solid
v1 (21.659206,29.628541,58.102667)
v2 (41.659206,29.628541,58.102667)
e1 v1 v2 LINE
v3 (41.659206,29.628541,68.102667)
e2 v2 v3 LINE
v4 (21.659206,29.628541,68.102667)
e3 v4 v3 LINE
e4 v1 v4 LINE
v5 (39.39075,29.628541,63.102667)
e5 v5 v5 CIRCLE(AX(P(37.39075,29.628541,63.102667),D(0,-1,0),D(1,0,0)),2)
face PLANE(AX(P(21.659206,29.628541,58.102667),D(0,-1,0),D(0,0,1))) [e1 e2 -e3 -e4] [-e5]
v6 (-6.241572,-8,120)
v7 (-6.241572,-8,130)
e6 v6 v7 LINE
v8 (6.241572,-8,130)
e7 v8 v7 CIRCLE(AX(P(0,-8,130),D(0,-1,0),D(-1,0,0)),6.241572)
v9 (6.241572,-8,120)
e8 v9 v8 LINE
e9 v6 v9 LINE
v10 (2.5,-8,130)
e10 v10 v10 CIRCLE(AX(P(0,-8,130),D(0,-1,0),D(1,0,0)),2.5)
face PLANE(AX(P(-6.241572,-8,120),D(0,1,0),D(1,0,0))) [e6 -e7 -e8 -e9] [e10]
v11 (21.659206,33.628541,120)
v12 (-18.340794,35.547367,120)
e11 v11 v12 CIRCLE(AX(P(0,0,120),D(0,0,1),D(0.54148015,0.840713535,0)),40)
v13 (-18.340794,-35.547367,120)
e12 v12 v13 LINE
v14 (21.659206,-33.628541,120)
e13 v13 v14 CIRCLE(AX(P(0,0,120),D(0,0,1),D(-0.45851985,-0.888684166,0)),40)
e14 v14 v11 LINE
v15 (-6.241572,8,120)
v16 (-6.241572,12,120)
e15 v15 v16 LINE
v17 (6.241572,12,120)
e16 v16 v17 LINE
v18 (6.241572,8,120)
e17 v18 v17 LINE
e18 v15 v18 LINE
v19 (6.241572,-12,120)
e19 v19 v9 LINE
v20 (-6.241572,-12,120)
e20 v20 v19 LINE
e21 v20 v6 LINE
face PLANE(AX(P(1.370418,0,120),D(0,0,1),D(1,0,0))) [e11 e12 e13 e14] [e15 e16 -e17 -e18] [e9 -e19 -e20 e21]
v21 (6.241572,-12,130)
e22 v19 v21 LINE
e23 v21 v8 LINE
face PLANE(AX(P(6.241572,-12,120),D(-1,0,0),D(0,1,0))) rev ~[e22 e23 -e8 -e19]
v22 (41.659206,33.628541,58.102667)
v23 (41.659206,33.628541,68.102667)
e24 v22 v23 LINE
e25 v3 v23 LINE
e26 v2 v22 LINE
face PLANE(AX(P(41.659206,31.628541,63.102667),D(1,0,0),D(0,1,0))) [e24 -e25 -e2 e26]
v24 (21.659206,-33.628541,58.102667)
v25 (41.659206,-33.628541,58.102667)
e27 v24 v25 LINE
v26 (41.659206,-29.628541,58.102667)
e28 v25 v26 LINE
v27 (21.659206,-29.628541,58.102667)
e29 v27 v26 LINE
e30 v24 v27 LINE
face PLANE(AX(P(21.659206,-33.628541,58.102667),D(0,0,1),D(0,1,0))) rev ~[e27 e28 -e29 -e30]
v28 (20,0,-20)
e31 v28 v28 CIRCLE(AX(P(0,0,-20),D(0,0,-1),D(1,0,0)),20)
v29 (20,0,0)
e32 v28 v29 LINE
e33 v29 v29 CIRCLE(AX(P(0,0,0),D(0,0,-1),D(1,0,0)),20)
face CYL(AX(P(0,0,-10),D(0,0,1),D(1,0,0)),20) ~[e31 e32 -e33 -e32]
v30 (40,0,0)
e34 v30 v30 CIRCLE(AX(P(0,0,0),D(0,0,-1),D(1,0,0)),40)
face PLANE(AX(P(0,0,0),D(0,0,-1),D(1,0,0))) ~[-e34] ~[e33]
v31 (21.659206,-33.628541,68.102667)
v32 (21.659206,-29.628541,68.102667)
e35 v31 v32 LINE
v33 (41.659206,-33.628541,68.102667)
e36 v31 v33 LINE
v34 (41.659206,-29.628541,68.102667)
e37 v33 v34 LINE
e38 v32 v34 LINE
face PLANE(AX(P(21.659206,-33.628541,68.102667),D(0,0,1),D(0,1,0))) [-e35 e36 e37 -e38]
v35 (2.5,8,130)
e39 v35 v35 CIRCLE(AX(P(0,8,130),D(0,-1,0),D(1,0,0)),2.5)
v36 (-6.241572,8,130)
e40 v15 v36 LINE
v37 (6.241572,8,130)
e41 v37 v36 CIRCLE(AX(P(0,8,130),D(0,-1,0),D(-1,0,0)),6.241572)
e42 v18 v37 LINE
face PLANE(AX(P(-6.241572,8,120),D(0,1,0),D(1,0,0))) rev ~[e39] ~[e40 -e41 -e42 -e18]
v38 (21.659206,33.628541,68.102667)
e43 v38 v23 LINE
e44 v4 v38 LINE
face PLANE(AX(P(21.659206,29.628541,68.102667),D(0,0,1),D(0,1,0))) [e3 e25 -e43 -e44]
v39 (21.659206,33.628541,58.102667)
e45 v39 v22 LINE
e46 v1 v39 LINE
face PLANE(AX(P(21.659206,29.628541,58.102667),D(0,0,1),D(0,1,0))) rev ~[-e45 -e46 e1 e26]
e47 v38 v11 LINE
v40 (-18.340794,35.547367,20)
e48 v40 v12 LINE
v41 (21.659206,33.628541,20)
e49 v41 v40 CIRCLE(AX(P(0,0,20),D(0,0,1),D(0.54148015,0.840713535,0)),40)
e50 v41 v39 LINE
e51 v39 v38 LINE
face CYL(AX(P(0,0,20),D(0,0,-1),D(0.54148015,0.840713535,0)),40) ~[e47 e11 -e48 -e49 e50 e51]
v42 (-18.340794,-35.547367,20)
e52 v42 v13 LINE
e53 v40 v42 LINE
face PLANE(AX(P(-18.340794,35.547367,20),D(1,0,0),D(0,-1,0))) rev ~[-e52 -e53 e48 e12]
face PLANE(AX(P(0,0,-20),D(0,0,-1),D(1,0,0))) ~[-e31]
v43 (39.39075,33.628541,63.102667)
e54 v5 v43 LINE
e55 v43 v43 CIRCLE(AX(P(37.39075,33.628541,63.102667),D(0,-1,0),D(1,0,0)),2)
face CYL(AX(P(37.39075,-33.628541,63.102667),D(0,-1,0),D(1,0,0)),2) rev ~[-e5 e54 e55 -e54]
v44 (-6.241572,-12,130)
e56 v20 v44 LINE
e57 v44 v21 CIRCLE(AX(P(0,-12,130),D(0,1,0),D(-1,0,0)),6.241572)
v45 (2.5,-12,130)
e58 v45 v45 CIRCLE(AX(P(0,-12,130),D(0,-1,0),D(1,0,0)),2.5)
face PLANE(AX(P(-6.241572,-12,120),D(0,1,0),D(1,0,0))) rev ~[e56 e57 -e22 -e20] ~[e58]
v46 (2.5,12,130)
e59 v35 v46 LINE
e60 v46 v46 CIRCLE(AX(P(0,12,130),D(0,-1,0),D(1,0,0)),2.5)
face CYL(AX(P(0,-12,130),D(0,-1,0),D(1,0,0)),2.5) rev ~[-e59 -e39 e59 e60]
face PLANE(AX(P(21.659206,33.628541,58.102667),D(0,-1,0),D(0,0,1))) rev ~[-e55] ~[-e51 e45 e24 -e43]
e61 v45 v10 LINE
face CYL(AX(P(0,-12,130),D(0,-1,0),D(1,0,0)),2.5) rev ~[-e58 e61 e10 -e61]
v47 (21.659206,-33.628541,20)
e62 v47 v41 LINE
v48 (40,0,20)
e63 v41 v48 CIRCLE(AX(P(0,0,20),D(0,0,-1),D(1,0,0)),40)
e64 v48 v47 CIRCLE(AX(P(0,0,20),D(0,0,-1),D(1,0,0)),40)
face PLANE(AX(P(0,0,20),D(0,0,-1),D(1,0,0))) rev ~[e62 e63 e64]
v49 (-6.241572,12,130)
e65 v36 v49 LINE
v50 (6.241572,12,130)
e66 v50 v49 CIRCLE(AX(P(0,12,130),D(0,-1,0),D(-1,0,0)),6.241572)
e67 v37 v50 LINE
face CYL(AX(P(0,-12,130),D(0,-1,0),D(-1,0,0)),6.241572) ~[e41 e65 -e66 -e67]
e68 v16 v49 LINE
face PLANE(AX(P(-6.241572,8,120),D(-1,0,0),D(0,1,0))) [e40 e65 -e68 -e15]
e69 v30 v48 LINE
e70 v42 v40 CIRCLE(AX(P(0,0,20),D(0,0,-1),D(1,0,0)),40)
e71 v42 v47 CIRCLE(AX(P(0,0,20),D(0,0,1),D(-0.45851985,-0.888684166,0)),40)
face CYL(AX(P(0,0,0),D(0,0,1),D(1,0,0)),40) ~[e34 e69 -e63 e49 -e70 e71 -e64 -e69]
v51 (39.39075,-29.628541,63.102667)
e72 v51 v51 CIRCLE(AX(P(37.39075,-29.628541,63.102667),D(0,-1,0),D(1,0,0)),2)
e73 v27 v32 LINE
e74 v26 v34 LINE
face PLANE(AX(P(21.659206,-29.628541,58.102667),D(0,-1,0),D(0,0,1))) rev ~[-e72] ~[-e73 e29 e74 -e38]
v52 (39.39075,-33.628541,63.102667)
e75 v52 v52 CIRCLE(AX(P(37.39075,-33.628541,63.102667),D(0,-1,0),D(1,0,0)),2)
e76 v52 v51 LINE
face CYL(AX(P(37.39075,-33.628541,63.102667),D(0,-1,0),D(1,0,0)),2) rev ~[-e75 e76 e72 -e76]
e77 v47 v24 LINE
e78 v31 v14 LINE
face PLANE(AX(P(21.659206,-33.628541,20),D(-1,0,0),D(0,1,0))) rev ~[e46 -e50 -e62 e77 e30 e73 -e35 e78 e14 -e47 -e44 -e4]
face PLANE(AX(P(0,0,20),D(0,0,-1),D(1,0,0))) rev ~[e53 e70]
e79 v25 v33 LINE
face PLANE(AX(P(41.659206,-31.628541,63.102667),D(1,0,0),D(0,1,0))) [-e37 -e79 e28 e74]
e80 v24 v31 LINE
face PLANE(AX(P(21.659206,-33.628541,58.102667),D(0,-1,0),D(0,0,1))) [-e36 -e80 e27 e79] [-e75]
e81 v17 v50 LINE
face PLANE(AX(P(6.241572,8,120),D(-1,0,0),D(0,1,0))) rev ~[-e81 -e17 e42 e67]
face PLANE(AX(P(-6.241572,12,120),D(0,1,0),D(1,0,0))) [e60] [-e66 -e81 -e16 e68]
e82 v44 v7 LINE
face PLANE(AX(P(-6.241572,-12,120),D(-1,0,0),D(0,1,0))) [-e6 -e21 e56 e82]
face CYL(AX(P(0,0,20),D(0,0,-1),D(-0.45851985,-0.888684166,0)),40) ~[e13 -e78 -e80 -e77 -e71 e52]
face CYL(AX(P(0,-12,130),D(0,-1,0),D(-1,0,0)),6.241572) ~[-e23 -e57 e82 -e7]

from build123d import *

# Parameters (mm, degrees)
F0_W      = 20
F0_H      = 20
F3_DEPTH  = 100
F4_W      = 12.4831434727
F4_H      = 4
F5_DEPTH  = 20
F7_DEPTH  = 50
F6_R      = 2.5
F8_DEPTH  = 50
F9_W      = 4
F9_H      = 10
F10_DEPTH = 20
F11_DEPTH = 20
F12_R     = 2
F13_DEPTH = 100


with BuildPart() as f1:
    # F0 (on Front) → F1 (revolve)
    with BuildSketch(Plane.XZ):
        with Locations((10, -10)):
            Rectangle(F0_W, F0_H)
        Polygon((0, 20), (0, 0), (20, 0), (40, 0), (40, 20), align=None)
    revolve(axis=Axis((0, 0, 10), (0, 0, -1)))

    # F2 (on face) → F3 (join)
    with BuildSketch(Plane.XY.offset(20)):
        with BuildLine():
            ThreePointArc((21.6592059983, 33.6285413826), (1.9166212828, 39.9540556497), (-18.3407940017, 35.5473666449))
            Line((-18.3407940017, 35.5473666449), (-18.3407940017, -35.5473666449))
            ThreePointArc((-18.3407940017, -35.5473666449), (1.9166212828, -39.9540556497), (21.6592059983, -33.6285413826))
            Line((21.6592059983, -33.6285413826), (21.6592059983, 33.6285413826))
        make_face()
    extrude(amount=F3_DEPTH)

    # F4 (on face) → F5 (join)
    with BuildSketch(Plane.XY.offset(120)):
        with Locations((0, -10)):
            Rectangle(F4_W, F4_H)
        with Locations((0, 10)):
            Rectangle(F4_W, F4_H)
    extrude(amount=F5_DEPTH)

    # F6 (on face) → F7 (cut)
    with BuildSketch(Plane.XZ.offset(12)):
        with BuildLine():
            ThreePointArc((-6.2415717364, 130), (0, 136.2415717364), (6.2415717364, 130))
            Line((6.2415717364, 130), (6.2415717364, 140))
            Line((6.2415717364, 140), (-6.2415717364, 140))
            Line((-6.2415717364, 140), (-6.2415717364, 130))
        make_face()
    extrude(amount=-F7_DEPTH, mode=Mode.SUBTRACT)

    # F6 (on face) → F8 (cut)
    with BuildSketch(Plane.XZ.offset(12)):
        with Locations((0, 130)):
            Circle(F6_R)
    extrude(amount=-F8_DEPTH, mode=Mode.SUBTRACT)

    # F9 (on face) → F10 (join)
    with BuildSketch(Plane.YZ.offset(21.6592059983)):
        with Locations((-31.6285413826, 63.1026673317)):
            Rectangle(F9_W, F9_H)
    extrude(amount=F10_DEPTH)

    # F9 (on face) → F11 (join)
    with BuildSketch(Plane.YZ.offset(21.6592059983)):
        with Locations((31.6285413826, 63.1026673317)):
            Rectangle(F9_W, F9_H)
    extrude(amount=F11_DEPTH)

    # F12 (on face) → F13 (cut)
    with BuildSketch(Plane.XZ.offset(33.6285413826)):
        with Locations((37.3907499015, 63.1026673317)):
            Circle(F12_R)
    extrude(amount=-F13_DEPTH, mode=Mode.SUBTRACT)


solid = f1.part
